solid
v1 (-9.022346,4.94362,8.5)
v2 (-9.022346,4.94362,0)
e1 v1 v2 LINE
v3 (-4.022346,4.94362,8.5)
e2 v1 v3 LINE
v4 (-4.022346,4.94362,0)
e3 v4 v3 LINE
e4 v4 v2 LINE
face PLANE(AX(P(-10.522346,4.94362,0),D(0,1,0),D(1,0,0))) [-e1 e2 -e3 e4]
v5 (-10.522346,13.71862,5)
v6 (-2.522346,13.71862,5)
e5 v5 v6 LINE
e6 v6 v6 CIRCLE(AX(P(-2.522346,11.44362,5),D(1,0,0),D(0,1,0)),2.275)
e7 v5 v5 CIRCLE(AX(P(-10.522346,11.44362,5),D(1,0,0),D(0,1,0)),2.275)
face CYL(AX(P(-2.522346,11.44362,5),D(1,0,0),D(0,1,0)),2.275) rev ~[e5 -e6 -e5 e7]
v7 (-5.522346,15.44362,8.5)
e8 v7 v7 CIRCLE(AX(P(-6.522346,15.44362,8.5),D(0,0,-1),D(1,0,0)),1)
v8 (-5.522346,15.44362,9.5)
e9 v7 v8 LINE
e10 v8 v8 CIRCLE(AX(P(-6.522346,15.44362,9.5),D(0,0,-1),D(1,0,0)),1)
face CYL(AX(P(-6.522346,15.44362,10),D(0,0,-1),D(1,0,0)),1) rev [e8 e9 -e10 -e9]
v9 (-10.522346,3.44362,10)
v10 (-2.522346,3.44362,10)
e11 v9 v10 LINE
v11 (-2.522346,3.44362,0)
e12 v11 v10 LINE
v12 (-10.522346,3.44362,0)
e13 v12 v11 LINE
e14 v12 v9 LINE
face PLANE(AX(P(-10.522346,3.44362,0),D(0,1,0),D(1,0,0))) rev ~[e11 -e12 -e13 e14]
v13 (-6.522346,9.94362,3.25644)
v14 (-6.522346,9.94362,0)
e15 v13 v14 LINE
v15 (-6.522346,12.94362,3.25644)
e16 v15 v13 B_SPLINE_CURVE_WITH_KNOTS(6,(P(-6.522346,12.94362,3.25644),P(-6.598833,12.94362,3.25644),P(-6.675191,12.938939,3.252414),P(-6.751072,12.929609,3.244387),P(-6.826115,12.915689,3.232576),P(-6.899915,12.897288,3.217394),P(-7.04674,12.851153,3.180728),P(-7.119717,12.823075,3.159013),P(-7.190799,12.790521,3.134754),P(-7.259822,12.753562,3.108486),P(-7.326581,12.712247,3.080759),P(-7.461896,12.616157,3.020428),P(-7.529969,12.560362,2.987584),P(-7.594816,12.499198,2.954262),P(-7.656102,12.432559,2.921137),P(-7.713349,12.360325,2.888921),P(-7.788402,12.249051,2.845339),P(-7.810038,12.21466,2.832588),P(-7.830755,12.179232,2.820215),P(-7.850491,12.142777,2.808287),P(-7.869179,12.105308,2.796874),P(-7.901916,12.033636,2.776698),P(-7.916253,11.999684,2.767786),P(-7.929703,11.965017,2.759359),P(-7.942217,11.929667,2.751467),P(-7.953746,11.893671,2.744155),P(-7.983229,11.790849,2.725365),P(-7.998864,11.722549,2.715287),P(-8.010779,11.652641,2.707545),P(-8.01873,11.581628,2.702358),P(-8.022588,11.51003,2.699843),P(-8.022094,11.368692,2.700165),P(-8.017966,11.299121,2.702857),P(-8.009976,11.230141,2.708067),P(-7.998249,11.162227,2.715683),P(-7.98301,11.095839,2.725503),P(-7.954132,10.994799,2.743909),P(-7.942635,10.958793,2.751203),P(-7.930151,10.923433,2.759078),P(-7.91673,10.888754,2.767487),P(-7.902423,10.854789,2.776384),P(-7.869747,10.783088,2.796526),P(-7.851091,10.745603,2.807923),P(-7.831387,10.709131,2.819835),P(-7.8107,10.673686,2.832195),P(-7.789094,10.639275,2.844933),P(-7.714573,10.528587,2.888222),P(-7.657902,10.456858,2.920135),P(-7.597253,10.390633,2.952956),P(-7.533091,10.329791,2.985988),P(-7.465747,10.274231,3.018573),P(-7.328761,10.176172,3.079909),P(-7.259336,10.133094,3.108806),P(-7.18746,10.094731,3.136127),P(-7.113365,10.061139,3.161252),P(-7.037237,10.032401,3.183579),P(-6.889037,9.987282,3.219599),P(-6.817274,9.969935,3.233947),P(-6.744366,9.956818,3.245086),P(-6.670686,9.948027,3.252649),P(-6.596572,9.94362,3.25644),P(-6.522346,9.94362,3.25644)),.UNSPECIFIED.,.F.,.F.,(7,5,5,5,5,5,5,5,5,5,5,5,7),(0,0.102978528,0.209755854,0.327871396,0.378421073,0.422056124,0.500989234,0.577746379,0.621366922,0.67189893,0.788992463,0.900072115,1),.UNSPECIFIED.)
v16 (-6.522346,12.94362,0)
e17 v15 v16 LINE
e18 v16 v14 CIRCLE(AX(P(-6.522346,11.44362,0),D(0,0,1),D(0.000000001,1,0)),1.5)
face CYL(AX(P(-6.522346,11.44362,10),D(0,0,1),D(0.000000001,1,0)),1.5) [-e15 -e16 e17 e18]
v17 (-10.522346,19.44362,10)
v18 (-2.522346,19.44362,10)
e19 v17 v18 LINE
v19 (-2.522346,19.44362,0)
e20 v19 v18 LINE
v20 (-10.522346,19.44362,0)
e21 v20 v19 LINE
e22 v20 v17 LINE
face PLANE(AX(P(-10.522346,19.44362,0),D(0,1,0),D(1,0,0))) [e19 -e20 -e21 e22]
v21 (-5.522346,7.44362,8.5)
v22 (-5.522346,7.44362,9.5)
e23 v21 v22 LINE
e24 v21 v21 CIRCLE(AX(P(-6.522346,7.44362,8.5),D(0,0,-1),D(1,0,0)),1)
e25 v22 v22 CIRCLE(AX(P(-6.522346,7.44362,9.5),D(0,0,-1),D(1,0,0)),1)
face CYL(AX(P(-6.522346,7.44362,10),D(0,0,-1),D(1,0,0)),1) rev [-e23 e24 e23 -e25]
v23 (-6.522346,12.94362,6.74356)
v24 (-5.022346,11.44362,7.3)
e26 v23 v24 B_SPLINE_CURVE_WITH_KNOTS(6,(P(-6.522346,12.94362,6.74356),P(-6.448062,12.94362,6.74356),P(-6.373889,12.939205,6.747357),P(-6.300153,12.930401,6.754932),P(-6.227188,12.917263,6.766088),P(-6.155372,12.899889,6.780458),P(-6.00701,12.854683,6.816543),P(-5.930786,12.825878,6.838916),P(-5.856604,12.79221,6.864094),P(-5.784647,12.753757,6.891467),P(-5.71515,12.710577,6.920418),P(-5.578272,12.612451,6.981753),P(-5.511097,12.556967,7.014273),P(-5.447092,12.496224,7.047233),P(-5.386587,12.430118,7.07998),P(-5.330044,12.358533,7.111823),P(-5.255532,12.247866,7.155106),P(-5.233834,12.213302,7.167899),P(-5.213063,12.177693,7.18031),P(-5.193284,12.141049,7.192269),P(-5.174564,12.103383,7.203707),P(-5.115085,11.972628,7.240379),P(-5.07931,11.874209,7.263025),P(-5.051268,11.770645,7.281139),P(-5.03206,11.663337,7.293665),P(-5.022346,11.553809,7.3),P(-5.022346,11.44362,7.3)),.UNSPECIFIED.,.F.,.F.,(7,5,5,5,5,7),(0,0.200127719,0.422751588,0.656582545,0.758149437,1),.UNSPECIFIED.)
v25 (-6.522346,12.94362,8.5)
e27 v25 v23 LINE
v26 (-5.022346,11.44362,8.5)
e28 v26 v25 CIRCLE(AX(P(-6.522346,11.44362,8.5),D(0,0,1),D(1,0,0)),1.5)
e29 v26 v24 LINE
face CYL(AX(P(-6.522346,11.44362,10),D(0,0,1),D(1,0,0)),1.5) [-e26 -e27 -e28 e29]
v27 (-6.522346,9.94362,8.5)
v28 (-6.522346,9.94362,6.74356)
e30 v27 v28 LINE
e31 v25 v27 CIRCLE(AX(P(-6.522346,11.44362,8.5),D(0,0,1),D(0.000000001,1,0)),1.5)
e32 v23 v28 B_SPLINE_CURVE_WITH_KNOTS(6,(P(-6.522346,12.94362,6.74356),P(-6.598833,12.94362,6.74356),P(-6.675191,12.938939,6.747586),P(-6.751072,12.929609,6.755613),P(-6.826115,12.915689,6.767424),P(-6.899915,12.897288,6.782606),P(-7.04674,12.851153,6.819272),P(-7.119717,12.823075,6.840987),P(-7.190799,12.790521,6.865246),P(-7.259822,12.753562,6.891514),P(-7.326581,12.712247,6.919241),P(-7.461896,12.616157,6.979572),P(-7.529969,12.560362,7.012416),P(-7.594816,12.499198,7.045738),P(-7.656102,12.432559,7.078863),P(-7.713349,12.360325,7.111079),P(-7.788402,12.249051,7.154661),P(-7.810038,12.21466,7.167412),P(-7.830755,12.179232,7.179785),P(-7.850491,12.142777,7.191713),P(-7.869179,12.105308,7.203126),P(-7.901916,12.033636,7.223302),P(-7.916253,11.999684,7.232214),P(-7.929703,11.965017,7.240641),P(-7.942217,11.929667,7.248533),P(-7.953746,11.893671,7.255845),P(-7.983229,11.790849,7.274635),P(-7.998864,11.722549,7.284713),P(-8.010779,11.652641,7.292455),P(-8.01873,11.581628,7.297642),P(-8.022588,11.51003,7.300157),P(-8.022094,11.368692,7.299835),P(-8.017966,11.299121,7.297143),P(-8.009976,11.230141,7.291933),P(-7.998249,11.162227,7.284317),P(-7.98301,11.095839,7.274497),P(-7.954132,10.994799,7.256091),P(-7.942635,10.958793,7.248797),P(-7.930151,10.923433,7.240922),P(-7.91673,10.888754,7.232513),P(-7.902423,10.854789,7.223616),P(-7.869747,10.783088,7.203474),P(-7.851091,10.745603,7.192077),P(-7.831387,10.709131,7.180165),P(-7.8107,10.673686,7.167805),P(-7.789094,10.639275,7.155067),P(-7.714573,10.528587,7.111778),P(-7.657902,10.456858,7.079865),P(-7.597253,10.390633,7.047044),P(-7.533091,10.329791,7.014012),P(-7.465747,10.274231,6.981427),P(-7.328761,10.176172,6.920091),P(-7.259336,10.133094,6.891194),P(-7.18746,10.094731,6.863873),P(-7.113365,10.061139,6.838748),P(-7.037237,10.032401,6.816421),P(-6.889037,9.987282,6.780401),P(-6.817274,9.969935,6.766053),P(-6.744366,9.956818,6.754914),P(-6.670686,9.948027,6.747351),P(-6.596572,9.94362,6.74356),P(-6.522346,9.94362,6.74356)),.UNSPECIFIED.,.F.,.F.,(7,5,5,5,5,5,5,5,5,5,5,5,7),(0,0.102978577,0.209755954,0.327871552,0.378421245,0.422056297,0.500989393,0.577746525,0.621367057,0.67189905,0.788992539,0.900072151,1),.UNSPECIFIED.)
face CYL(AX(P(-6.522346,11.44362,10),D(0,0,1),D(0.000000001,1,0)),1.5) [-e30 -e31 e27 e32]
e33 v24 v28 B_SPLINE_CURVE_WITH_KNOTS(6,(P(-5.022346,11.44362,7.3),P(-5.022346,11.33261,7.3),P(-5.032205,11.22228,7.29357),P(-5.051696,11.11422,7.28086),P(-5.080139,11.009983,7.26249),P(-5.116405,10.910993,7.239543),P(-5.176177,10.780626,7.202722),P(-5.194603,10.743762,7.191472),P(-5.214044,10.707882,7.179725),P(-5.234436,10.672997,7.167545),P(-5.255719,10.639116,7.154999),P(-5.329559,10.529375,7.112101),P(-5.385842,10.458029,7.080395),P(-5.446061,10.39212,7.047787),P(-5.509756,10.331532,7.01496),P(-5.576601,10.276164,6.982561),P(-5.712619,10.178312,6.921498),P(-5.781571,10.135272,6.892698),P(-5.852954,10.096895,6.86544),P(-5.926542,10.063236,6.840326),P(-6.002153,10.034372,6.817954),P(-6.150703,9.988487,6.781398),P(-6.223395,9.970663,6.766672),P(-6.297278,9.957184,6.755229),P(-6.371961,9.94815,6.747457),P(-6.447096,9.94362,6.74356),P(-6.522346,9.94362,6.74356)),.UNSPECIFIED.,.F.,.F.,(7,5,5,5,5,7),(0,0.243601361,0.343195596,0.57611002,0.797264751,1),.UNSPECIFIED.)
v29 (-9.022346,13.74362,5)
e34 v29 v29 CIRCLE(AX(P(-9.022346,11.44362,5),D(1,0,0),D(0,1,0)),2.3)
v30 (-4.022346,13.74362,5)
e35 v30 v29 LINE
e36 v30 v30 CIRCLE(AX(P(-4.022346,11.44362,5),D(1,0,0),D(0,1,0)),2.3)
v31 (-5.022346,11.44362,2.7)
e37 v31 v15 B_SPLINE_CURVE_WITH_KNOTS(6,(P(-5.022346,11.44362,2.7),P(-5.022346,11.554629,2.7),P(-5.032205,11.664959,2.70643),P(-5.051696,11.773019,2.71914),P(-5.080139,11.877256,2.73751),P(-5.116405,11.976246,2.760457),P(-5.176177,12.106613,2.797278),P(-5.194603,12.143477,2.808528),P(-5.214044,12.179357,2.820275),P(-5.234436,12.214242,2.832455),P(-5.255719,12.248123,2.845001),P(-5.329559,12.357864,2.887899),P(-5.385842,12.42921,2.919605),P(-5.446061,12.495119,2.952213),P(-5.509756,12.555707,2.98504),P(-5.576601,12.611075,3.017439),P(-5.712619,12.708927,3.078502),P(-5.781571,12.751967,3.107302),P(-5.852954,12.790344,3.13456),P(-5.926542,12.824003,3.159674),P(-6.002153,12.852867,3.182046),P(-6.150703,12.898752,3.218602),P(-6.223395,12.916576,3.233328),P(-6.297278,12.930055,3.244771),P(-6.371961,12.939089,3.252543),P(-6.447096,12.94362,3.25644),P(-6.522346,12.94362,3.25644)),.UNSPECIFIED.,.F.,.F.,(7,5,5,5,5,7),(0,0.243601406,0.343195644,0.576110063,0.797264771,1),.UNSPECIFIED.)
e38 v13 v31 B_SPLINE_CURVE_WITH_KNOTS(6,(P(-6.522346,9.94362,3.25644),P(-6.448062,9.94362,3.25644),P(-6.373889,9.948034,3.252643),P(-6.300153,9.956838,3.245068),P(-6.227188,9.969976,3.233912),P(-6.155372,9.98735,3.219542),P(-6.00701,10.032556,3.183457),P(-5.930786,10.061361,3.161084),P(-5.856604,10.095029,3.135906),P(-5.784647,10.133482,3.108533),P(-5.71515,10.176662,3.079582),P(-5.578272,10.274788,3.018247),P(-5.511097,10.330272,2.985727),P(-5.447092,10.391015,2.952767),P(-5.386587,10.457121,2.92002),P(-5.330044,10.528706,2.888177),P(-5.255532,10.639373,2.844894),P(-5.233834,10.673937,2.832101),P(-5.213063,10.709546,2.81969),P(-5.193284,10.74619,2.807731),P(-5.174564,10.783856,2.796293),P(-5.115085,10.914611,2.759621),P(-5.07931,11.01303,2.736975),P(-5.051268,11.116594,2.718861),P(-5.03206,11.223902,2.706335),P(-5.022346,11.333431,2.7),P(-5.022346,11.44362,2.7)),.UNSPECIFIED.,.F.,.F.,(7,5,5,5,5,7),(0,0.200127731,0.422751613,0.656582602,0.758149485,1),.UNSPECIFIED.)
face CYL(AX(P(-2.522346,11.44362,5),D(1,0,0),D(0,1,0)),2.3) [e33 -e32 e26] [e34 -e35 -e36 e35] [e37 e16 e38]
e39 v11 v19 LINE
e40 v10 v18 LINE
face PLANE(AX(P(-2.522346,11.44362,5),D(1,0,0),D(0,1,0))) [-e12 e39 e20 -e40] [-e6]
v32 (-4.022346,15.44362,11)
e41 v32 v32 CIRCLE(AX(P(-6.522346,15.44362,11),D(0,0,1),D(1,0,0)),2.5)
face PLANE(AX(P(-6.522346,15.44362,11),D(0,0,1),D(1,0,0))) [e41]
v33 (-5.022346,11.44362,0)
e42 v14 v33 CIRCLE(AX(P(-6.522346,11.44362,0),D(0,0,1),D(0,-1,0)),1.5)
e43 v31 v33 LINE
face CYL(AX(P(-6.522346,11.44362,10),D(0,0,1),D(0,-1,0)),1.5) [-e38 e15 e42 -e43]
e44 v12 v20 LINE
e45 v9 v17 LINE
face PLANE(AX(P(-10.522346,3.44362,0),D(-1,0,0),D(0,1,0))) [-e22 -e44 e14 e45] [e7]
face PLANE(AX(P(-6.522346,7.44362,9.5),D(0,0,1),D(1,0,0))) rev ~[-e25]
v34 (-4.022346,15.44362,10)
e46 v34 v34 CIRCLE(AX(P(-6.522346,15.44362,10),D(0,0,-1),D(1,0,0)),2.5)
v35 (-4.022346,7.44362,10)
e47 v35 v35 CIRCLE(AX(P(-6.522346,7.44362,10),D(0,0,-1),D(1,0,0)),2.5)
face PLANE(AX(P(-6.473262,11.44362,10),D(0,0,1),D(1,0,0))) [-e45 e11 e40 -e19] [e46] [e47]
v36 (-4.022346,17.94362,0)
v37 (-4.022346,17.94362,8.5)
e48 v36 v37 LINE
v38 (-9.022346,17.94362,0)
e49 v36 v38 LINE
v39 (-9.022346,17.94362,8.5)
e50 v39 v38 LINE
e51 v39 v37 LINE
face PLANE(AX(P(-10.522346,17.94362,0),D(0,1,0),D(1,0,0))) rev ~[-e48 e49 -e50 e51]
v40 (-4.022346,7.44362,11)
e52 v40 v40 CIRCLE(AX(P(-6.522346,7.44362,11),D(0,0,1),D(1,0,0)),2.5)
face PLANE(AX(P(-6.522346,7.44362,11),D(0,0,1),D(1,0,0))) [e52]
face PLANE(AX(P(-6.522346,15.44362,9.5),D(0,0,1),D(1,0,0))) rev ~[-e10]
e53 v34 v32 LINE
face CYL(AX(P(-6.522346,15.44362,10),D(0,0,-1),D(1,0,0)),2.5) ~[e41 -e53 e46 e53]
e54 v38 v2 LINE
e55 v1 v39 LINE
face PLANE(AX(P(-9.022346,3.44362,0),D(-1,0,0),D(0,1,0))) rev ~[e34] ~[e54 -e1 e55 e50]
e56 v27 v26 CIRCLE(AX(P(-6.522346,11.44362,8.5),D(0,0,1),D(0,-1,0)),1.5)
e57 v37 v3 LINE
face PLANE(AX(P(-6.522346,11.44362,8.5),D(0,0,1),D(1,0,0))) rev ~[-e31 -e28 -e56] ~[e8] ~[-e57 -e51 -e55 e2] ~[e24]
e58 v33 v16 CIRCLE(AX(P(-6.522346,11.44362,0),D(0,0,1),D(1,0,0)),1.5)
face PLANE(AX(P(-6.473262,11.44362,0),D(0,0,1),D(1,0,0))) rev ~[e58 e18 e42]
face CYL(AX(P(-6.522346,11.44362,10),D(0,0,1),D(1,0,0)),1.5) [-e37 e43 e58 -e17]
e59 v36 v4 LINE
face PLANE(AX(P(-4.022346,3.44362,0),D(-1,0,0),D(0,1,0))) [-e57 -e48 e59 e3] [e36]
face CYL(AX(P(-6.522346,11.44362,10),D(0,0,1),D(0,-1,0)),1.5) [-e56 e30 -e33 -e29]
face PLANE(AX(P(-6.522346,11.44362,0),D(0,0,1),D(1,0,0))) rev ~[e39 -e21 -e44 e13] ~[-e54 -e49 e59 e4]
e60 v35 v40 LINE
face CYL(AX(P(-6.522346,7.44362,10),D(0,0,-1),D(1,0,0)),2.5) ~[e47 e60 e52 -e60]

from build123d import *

# Parameters (mm, degrees)
F0_W     = 8
F0_H     = 16
F1_DEPTH = 10
F2_R     = 2.5
F3_DEPTH = 1
F4_T     = -1.5
F6_DEPTH = 10
F7_R     = 2.3
F7_R_2   = 2.275
F8_DEPTH = 8
F9_DEPTH = 8


with BuildPart() as f1:
    # F0 (on Top) → F1 (new body)
    with BuildSketch(Plane.XY):
        with Locations((-6.5223464929, 11.4436195551)):
            Rectangle(F0_W, F0_H)
    extrude(amount=F1_DEPTH)

    # F2 (on face) → F3 (join)
    with BuildSketch(Plane.XY.offset(10)):
        with Locations((-6.5223464929, 7.4436195551)):
            Circle(F2_R)
        with Locations((-6.5223464929, 15.4436195551)):
            Circle(F2_R)
    extrude(amount=F3_DEPTH)

    # F4
    f4_openings = [f1.faces().sort_by_distance(p)[0] for p in [
        (-6.522346, 11.44362, 0),
    ]]
    offset(amount=F4_T, openings=f4_openings, kind=Kind.INTERSECTION)

    # F5 (on face) → F6 (join)
    with BuildSketch(Plane.XY.offset(10)):
        with BuildLine():
            ThreePointArc((-6.5223464929, 9.9436195551), (-5.4616863211, 10.3829593833), (-5.0223464929, 11.4436195551))
            ThreePointArc((-5.0223464929, 11.4436195551), (-5.4616863203, 12.5042797261), (-6.5223464908, 12.9436195551))
            ThreePointArc((-6.5223464908, 12.9436195551), (-8.0223464929, 11.4436195561), (-6.5223464929, 9.9436195551))
        make_face()
    extrude(amount=-F6_DEPTH)

    # F7 (on face) → F8 (join)
    with BuildSketch(Plane.YZ.offset(-2.5223464929)):
        with Locations((11.4436195551, 5)):
            Circle(F7_R)
        with Locations((11.4436195551, 5)):
            Circle(F7_R_2, mode=Mode.SUBTRACT)
    extrude(amount=-F8_DEPTH)

    # F7 (on face) → F9 (cut)
    with BuildSketch(Plane.YZ.offset(-2.5223464929)):
        with Locations((11.4436195551, 5)):
            Circle(F7_R_2)
    extrude(amount=-F9_DEPTH, mode=Mode.SUBTRACT)


solid = f1.part
